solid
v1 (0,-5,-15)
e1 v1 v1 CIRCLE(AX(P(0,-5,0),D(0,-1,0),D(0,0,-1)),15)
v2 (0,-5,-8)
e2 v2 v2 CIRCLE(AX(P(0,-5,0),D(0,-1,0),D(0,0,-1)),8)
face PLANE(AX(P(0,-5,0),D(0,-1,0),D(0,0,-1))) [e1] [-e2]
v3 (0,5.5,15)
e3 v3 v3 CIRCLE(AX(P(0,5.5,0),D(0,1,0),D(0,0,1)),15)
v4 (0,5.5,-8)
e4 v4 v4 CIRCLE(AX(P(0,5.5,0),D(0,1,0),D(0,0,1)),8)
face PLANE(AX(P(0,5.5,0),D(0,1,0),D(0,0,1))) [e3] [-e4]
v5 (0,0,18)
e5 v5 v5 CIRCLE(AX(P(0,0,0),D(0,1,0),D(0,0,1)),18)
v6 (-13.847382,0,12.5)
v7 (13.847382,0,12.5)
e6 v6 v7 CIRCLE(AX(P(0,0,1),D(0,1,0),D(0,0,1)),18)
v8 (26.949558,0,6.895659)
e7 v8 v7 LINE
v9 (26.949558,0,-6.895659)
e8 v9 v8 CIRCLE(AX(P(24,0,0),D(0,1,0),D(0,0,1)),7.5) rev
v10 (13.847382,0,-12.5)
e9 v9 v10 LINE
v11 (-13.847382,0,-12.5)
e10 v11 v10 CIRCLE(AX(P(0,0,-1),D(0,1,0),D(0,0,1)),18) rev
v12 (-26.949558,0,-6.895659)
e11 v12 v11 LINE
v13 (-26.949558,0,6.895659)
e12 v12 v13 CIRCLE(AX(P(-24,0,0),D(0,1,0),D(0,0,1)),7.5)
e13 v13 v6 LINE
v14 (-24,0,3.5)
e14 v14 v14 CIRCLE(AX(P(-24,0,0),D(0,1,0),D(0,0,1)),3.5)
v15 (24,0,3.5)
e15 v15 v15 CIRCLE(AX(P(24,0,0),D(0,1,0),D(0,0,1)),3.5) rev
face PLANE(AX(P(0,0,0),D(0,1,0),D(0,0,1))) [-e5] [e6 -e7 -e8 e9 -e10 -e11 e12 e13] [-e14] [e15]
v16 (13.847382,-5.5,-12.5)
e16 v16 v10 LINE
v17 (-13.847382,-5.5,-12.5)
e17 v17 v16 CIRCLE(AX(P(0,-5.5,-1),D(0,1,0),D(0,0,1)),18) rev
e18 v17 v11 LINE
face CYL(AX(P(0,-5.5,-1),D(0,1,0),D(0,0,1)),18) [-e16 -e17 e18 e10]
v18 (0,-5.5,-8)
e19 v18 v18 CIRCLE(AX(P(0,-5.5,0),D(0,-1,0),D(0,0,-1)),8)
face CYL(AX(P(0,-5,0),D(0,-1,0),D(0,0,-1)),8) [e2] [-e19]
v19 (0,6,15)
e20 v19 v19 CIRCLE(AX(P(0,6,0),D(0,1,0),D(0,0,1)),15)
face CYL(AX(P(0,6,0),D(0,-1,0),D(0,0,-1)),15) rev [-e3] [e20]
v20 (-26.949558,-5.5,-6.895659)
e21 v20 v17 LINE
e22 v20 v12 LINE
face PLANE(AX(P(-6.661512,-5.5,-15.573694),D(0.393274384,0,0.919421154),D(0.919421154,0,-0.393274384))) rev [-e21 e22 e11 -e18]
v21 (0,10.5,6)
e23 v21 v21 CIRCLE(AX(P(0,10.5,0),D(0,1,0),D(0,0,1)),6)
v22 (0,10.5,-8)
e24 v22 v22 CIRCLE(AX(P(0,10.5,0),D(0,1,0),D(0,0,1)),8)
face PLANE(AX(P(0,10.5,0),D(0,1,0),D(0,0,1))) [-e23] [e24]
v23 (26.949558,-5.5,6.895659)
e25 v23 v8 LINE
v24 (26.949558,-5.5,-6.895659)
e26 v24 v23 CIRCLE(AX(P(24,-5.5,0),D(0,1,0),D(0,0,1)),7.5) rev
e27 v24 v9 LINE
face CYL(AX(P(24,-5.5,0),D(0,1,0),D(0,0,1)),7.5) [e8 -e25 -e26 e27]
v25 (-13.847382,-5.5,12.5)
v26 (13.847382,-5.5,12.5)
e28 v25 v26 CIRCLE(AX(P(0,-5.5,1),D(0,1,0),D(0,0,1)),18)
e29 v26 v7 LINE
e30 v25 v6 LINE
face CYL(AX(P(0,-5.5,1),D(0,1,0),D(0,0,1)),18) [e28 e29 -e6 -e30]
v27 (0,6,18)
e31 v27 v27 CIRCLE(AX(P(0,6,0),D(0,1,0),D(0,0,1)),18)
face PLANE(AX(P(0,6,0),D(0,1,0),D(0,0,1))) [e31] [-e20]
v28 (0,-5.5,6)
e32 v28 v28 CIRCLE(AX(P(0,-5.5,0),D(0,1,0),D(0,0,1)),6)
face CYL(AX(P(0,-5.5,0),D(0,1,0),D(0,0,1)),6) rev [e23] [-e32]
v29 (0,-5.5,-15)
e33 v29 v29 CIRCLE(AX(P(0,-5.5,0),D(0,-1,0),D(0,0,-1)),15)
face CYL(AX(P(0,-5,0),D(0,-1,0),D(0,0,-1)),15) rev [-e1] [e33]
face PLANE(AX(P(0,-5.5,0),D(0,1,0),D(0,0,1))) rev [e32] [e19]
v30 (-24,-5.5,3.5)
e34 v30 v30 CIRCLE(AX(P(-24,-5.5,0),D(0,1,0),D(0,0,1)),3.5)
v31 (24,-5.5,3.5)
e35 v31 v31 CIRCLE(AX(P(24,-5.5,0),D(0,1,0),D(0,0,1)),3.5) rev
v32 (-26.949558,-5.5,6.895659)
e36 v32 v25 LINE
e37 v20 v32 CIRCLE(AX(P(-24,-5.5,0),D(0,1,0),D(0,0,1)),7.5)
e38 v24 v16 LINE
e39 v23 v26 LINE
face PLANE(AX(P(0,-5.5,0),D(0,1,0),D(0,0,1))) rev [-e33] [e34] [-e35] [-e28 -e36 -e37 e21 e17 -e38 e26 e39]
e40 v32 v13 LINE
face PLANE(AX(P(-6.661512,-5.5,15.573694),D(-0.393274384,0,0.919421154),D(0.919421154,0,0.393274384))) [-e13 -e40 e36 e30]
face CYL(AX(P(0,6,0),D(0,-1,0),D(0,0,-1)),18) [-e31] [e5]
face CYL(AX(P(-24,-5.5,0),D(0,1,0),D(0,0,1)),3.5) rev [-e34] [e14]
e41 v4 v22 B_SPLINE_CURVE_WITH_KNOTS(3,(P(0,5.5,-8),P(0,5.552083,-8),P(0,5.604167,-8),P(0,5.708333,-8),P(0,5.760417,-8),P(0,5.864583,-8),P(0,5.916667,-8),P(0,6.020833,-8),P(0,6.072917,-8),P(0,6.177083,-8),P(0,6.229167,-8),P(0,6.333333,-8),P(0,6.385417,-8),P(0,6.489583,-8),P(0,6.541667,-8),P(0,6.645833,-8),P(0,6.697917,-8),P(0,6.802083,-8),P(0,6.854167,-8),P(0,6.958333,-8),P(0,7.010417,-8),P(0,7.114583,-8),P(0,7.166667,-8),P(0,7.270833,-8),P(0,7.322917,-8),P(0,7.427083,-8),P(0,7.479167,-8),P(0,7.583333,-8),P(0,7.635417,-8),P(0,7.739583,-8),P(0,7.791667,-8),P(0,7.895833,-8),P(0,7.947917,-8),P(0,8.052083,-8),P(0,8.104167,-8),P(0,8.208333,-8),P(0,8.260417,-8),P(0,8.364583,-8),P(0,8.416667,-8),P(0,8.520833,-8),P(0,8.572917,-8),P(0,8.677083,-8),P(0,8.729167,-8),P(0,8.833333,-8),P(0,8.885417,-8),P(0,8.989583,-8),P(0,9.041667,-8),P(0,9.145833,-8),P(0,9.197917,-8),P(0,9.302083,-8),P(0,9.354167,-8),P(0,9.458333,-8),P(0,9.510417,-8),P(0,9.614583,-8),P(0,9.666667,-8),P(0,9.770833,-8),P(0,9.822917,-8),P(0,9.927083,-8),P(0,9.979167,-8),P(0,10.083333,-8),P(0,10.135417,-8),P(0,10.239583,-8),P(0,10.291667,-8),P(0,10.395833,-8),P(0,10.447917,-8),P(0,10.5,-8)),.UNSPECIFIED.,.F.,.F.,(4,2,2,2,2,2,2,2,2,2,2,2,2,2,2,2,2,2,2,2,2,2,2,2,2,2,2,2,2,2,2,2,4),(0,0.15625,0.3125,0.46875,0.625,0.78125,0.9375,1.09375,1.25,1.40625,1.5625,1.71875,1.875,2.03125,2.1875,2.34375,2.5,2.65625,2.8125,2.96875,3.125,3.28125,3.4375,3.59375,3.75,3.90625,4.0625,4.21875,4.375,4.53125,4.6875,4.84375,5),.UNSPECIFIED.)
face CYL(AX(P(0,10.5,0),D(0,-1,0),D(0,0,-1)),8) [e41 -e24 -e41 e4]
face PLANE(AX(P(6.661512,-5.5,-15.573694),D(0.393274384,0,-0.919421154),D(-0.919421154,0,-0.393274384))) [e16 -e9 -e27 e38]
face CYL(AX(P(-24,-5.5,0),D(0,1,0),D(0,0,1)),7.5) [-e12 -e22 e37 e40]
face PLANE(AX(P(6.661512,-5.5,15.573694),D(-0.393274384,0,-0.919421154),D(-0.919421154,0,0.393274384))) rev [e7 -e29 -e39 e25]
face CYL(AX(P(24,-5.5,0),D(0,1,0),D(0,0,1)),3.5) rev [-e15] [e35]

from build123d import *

# Parameters (mm, degrees)
SKETCH1_R           = 3.5
SKETCH1_R_2         = 6
BOSS_EXTRUDE1_DEPTH = 5.5
SKETCH1_3_R         = 18
SKETCH1_3_R_2       = 15
BOSS_EXTRUDE2_DEPTH = 6
SKETCH1_4_R         = 15
SKETCH1_4_R_2       = 8
BOSS_EXTRUDE3_DEPTH = 5.5
SKETCH1_5_R         = 8
SKETCH1_5_R_2       = 6
BOSS_EXTRUDE4_DEPTH = 10.5
SKETCH2_R           = 15
SKETCH2_R_2         = 8
CUT_EXTRUDE1_DEPTH  = 0.5


with BuildPart() as part:
    # Sketch1 → Boss-Extrude1 (new body)
    with BuildSketch(Plane(origin=(0, 0, 0), x_dir=(1, 0, 0), z_dir=(0, 1, 0))):
        with BuildLine():
            Line((-13.847382424, 12.5), (-26.949557882, 6.895658656))
            ThreePointArc((-26.949557882, 6.895658656), (-31.5, 0), (-26.949557882, -6.895658656))
            Line((-26.949557882, -6.895658656), (-13.847382424, -12.5))
            ThreePointArc((-13.847382424, -12.5), (0, -19), (13.847382424, -12.5))
            Line((13.847382424, -12.5), (26.949557882, -6.895658656))
            ThreePointArc((26.949557882, -6.895658656), (31.5, 0), (26.949557882, 6.895658656))
            Line((26.949557882, 6.895658656), (13.847382424, 12.5))
            ThreePointArc((13.847382424, 12.5), (0, 19), (-13.847382424, 12.5))
        make_face()
        with Locations((24, 0)):
            Circle(SKETCH1_R, mode=Mode.SUBTRACT)
        with Locations((-24, 0)):
            Circle(SKETCH1_R, mode=Mode.SUBTRACT)
        Circle(SKETCH1_R_2, mode=Mode.SUBTRACT)
    extrude(amount=-BOSS_EXTRUDE1_DEPTH)

    # Sketch1<3> → Boss-Extrude2 (add)
    with BuildSketch(Plane(origin=(0, 0, 0), x_dir=(1, 0, 0), z_dir=(0, 1, 0))):
        Circle(SKETCH1_3_R)
        Circle(SKETCH1_3_R_2, mode=Mode.SUBTRACT)
    extrude(amount=BOSS_EXTRUDE2_DEPTH)

    # Sketch1<4> → Boss-Extrude3 (add)
    with BuildSketch(Plane(origin=(0, 0, 0), x_dir=(1, 0, 0), z_dir=(0, 1, 0))):
        Circle(SKETCH1_4_R)
        Circle(SKETCH1_4_R_2, mode=Mode.SUBTRACT)
    extrude(amount=BOSS_EXTRUDE3_DEPTH)

    # Sketch1<5> → Boss-Extrude4 (add)
    with BuildSketch(Plane(origin=(0, 0, 0), x_dir=(1, 0, 0), z_dir=(0, 1, 0))):
        Circle(SKETCH1_5_R)
        Circle(SKETCH1_5_R_2, mode=Mode.SUBTRACT)
    extrude(amount=BOSS_EXTRUDE4_DEPTH)

    # Sketch2 → Cut-Extrude1 (cut)
    with BuildSketch(Plane.XZ.offset(5.5)):
        Circle(SKETCH2_R)
        Circle(SKETCH2_R_2, mode=Mode.SUBTRACT)
    extrude(amount=-CUT_EXTRUDE1_DEPTH, mode=Mode.SUBTRACT)


solid = part.part
